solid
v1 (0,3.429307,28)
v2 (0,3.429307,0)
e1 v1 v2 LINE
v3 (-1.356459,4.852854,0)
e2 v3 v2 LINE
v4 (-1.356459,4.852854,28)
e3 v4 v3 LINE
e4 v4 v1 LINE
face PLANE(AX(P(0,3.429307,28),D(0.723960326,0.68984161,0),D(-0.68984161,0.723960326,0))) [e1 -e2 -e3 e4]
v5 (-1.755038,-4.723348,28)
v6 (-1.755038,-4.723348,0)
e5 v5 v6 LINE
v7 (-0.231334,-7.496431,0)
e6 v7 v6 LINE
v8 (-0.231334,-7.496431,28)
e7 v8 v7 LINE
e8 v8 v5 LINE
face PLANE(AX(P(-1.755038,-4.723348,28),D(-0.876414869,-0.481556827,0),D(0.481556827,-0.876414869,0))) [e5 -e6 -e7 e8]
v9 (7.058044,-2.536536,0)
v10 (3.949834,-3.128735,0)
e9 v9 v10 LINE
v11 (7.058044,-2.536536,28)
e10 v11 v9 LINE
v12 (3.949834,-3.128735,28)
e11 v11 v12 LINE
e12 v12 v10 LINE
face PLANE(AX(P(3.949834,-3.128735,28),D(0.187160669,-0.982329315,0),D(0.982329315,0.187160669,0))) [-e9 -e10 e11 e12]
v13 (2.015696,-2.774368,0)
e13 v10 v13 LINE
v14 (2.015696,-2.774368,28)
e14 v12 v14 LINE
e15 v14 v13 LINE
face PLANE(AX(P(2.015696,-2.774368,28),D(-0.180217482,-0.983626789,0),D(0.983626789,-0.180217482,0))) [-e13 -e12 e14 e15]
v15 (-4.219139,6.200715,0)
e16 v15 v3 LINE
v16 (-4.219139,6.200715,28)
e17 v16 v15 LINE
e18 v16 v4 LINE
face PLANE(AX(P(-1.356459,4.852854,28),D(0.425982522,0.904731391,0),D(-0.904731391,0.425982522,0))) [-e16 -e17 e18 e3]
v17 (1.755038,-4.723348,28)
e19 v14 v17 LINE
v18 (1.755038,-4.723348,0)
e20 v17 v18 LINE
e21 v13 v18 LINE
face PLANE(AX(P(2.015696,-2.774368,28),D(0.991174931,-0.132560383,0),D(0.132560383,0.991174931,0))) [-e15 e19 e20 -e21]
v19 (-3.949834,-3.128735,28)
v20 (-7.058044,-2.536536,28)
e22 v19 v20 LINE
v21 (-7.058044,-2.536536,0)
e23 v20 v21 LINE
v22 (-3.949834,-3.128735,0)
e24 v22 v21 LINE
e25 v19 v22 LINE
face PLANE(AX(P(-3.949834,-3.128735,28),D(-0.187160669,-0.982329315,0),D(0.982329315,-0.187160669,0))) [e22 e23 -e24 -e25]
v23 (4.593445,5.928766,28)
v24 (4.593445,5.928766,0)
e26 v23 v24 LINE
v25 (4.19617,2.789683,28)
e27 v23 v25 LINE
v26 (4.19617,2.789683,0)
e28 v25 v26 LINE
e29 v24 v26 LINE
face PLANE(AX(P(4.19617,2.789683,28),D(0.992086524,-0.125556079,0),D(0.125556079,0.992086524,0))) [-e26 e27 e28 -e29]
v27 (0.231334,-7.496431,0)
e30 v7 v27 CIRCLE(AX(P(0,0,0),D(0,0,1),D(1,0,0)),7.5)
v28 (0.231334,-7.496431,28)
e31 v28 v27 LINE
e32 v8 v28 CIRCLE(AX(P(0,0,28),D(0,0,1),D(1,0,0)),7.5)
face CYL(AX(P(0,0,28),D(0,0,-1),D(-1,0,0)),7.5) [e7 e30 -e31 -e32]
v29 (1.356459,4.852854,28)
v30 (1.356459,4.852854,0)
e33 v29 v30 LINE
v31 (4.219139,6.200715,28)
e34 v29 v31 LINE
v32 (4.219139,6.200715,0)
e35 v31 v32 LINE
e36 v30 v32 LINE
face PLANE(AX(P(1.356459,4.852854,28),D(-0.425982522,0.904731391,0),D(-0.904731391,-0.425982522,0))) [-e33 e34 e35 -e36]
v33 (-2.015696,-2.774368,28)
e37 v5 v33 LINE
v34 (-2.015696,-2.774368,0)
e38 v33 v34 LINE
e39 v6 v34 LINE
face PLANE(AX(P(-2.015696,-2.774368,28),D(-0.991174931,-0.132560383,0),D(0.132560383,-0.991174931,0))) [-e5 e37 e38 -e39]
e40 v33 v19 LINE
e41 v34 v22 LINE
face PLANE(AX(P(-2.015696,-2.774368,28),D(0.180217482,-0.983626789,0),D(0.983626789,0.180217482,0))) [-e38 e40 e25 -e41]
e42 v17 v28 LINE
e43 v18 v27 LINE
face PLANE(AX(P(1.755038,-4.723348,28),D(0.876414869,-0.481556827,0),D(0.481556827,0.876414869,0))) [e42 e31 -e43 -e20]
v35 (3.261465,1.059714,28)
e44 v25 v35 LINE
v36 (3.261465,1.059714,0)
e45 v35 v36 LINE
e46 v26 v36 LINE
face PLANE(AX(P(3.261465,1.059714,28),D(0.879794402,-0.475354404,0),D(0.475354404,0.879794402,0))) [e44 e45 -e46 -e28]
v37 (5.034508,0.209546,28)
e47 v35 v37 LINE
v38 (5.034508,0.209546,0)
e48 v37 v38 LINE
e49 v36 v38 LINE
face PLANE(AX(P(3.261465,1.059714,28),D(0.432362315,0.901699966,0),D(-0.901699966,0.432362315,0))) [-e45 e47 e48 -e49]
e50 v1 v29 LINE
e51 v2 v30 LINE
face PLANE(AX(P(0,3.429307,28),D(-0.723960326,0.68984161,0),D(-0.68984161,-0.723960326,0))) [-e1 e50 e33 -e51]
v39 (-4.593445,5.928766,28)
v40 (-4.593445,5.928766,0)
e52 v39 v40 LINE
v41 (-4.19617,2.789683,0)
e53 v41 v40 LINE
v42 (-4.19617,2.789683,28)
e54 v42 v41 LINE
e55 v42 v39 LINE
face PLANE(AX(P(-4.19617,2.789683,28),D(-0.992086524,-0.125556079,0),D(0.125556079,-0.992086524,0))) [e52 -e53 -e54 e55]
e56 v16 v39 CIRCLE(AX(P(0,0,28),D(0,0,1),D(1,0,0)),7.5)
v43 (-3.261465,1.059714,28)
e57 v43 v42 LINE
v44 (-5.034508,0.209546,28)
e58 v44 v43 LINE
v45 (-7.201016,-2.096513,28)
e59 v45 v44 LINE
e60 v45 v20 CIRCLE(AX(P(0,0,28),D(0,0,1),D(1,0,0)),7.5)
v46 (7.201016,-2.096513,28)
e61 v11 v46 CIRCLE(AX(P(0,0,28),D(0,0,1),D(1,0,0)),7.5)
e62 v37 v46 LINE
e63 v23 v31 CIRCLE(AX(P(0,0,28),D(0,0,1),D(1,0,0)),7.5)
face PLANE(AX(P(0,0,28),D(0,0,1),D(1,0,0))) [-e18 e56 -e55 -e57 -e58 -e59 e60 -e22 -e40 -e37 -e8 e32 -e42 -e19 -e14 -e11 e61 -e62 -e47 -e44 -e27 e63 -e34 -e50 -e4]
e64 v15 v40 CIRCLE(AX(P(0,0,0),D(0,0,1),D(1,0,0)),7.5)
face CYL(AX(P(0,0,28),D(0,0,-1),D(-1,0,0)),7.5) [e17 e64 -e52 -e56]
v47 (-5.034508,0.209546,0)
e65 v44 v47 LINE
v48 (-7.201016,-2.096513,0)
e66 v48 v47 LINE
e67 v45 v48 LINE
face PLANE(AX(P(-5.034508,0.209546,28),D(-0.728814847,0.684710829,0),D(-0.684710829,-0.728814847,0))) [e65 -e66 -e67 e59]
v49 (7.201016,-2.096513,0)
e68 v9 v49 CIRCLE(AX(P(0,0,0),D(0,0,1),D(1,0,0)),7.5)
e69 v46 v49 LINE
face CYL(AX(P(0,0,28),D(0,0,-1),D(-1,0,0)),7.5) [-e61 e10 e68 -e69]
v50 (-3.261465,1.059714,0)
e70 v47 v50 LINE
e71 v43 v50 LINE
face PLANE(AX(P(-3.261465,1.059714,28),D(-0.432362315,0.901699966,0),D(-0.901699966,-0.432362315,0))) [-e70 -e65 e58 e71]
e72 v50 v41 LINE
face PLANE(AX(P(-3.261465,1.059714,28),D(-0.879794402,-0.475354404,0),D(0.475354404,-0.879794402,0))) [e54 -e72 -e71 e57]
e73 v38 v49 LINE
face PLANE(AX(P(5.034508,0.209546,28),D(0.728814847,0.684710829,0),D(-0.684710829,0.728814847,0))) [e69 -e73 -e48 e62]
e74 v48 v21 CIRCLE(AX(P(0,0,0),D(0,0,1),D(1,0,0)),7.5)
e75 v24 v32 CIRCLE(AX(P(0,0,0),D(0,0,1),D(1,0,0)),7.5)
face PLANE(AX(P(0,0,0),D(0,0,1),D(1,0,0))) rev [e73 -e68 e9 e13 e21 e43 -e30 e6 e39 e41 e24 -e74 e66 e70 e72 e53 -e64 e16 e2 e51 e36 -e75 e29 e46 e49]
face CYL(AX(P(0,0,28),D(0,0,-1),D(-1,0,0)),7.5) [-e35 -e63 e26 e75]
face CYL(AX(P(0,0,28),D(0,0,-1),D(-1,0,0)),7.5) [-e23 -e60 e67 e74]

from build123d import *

# Parameters (mm, degrees)
SKETCH1_R           = 7.5
BOSS_EXTRUDE1_DEPTH = 28
CUT_EXTRUDE1_DEPTH  = 30.941609843
CIRPATTERN1_COUNT   = 5


with BuildPart() as part:
    # Sketch1 → Boss-Extrude1 (new body)
    with BuildSketch(Plane.XY):
        Circle(SKETCH1_R)
    extrude(amount=BOSS_EXTRUDE1_DEPTH)

    # Sketch2 → Cut-Extrude1 (cut, through all)
    with BuildSketch(Plane.XY):
        Polygon((0, 3.429306859), (-1.35645876, 4.852854397), (-4.219139018, 6.200714954), (0, 11.25164702), (4.219139018, 6.200714954), (1.35645876, 4.852854397), align=None)
    cut_extrude1 = extrude(amount=CUT_EXTRUDE1_DEPTH, mode=Mode.SUBTRACT)

    # CirPattern1: Cut-Extrude1 ×5 about axis
    cirpattern1_axis = Axis((0, 0, 0), (0, 0, 1))
    for i in range(1, CIRPATTERN1_COUNT):
        add(cut_extrude1.rotate(cirpattern1_axis, i * 360 / CIRPATTERN1_COUNT), mode=Mode.SUBTRACT)


solid = part.part
